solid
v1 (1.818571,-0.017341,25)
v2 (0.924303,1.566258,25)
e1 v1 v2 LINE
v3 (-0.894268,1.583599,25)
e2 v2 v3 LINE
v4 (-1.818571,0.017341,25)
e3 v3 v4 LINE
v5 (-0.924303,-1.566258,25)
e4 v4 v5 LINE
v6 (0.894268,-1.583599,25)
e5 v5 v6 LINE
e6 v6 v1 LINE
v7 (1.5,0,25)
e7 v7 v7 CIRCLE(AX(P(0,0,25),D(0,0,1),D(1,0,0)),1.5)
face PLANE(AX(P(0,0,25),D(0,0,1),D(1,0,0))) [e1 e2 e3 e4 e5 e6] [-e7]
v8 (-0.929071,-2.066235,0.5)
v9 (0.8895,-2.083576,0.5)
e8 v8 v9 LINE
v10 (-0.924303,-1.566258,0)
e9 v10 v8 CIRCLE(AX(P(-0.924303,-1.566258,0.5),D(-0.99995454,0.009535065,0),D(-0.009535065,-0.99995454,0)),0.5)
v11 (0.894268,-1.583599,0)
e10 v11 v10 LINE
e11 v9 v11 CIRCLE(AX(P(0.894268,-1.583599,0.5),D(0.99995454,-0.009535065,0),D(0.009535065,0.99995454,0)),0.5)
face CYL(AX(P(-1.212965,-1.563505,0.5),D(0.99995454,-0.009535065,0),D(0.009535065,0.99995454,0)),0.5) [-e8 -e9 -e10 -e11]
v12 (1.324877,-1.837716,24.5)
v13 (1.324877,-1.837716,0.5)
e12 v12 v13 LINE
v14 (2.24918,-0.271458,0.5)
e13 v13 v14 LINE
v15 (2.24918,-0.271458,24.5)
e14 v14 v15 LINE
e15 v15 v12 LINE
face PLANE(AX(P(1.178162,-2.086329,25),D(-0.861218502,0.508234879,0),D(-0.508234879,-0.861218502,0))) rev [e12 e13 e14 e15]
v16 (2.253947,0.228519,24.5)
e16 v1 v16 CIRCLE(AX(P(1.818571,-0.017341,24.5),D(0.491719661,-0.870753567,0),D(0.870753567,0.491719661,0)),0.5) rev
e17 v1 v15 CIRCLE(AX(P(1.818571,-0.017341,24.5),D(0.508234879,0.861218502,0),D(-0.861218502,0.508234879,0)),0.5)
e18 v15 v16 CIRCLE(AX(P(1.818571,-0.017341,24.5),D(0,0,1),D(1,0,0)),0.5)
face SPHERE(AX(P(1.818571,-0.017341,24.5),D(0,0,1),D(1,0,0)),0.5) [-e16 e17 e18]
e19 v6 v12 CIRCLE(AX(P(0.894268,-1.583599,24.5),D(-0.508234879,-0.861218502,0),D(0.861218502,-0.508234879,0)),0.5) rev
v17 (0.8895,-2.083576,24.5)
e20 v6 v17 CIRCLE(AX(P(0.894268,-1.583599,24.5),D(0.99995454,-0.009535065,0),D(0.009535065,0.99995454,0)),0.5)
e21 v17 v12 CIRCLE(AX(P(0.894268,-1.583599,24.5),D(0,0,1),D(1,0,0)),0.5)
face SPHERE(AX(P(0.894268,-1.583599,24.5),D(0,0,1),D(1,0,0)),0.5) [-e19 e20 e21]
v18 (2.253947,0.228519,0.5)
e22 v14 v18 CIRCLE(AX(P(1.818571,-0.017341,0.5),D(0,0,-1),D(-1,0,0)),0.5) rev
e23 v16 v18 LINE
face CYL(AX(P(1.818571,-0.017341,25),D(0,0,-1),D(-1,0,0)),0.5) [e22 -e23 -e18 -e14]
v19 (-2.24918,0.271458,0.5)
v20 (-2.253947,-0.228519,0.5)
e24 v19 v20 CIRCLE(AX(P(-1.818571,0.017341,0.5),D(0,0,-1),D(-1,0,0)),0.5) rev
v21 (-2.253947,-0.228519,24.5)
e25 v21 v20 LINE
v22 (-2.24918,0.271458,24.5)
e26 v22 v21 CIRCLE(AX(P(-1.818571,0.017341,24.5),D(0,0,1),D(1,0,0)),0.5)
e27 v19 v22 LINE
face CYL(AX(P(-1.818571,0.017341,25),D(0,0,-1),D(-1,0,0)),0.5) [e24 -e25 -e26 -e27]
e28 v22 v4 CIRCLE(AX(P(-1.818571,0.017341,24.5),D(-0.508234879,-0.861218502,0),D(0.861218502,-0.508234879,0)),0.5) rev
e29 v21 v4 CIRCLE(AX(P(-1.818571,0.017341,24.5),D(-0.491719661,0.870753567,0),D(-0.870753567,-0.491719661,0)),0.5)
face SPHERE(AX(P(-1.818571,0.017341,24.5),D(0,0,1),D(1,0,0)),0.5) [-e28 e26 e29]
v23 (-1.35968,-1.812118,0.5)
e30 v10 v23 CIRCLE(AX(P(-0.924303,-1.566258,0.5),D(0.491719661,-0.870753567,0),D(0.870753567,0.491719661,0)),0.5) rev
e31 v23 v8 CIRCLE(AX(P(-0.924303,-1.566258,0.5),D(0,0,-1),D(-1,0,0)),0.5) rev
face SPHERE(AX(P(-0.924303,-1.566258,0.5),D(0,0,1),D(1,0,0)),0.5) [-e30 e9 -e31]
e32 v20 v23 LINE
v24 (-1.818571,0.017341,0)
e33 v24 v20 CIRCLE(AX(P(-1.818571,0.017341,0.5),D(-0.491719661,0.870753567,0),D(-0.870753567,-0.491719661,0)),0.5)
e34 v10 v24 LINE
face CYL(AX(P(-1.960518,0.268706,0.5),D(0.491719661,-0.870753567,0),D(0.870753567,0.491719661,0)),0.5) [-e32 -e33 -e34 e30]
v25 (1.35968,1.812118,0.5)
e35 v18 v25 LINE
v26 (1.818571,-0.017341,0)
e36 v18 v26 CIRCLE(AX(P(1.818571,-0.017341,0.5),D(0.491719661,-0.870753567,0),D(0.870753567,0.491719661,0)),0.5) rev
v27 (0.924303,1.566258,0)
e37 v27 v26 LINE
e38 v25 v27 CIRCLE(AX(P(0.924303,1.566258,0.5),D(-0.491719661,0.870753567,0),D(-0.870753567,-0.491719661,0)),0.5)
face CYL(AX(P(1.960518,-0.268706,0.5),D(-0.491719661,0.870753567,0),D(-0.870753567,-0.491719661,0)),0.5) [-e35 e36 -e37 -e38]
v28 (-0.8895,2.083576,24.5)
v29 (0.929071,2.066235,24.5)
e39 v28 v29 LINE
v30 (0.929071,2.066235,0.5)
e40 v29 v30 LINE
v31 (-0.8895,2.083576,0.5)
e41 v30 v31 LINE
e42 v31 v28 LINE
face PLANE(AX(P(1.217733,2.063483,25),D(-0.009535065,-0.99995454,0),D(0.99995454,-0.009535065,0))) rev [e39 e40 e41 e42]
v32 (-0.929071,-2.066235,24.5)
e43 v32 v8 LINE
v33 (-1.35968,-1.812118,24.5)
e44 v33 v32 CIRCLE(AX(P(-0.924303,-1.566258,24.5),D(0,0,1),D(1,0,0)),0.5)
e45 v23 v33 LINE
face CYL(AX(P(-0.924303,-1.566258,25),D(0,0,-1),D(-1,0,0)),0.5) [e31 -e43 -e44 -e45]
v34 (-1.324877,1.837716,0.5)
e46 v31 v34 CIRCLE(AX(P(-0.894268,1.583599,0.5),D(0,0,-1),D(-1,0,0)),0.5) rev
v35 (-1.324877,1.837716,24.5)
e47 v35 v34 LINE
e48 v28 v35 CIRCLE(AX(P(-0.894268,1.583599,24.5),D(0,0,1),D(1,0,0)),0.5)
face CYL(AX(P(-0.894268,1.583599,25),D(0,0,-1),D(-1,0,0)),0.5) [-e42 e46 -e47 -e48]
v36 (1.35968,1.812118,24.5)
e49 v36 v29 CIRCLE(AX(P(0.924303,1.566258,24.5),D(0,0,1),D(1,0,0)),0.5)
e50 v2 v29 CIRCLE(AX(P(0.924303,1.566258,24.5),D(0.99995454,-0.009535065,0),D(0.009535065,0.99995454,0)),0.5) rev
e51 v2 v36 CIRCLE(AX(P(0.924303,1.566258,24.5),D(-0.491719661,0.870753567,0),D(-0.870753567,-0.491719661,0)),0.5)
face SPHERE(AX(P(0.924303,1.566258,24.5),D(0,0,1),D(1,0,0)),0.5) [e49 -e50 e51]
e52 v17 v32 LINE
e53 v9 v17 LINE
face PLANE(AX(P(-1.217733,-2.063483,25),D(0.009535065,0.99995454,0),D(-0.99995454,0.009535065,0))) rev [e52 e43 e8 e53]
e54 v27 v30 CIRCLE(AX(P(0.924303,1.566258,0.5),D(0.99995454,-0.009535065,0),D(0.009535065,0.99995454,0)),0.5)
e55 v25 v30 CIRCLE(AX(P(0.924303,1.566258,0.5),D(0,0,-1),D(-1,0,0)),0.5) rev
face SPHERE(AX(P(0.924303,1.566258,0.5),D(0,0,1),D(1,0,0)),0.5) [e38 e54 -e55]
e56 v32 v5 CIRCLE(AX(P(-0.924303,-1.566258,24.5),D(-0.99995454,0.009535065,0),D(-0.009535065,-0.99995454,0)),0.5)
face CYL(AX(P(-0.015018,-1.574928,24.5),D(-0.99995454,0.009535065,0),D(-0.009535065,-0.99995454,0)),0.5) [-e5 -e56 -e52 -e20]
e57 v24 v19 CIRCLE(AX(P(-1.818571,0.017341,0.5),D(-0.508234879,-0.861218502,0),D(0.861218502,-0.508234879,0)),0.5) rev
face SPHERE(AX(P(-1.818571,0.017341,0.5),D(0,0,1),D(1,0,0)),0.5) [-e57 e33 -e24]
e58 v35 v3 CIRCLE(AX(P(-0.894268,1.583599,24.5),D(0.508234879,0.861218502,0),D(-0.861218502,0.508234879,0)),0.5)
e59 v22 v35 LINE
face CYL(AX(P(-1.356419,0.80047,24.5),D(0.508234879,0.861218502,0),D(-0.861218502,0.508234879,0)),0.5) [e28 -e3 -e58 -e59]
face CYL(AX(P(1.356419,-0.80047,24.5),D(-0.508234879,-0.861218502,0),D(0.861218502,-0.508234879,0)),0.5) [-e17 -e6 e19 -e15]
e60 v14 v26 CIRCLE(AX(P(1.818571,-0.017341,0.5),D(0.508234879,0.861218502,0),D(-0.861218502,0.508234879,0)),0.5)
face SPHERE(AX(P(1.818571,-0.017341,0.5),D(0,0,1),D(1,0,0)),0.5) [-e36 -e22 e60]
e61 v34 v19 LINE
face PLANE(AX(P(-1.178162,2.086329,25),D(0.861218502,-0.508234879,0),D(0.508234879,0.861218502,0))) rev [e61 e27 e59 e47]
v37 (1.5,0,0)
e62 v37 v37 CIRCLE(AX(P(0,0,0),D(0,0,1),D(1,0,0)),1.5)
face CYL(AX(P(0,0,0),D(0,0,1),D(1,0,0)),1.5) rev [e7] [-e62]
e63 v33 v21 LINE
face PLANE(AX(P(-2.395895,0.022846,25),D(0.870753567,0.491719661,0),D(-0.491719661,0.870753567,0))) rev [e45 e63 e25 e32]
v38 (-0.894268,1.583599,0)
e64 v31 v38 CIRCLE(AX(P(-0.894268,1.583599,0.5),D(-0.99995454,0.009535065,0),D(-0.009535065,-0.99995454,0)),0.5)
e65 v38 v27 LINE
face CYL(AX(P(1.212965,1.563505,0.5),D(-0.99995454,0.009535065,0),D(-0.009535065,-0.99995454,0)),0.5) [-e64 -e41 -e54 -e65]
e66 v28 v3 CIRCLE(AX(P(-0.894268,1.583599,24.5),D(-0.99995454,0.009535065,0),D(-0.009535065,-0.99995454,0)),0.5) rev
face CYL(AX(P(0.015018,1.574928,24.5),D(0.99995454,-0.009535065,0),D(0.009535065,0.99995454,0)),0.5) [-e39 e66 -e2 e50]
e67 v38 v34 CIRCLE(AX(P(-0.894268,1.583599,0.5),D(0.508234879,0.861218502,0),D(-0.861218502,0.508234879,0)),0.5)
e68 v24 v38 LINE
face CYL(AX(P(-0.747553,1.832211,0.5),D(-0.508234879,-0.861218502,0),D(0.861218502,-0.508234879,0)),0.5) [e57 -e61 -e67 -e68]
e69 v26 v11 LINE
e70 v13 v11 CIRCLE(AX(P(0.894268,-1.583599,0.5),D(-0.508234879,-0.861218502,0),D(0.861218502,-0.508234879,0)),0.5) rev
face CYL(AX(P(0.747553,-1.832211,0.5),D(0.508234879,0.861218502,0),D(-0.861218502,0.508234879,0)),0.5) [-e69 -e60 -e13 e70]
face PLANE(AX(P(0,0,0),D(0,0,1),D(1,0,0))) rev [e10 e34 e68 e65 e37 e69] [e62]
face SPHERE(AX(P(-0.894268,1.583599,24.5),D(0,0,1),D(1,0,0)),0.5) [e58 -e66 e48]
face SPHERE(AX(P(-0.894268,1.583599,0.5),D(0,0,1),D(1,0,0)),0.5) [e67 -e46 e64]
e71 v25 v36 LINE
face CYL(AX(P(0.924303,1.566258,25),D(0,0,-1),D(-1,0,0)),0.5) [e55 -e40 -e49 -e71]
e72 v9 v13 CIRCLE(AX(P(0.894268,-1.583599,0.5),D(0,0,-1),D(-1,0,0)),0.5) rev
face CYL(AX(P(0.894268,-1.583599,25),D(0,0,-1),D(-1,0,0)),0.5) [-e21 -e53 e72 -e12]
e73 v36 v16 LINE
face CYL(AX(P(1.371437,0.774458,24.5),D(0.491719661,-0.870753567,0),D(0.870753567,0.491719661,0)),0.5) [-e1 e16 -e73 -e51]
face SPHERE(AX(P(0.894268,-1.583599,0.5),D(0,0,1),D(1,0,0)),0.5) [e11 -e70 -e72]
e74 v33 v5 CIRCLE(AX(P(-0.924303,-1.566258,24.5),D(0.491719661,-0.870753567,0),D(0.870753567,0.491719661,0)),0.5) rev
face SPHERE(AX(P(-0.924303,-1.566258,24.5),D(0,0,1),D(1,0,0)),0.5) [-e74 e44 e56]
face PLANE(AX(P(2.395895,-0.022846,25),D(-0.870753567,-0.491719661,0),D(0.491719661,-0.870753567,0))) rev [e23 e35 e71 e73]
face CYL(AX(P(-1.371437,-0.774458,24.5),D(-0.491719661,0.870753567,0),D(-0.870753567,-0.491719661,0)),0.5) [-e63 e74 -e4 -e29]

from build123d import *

# Parameters (mm, degrees)
SALIENTE_EXTRUIR1_DEPTH = 25
CROQUIS3_R              = 1.5
CORTAR_EXTRUIR1_DEPTH   = 25
REDONDEO1_R             = 0.5


with BuildPart() as part:
    # Croquis1 → Saliente-Extruir1 (new body)
    with BuildSketch(Plane.XY):
        Polygon((1.178162087, -2.086328696), (2.395894695, -0.022846051), (1.217732608, 2.063482646), (-1.178162087, 2.086328696), (-2.395894695, 0.022846051), (-1.217732608, -2.063482646), align=None)
    extrude(amount=SALIENTE_EXTRUIR1_DEPTH)

    # Croquis3 → Cortar-Extruir1 (cut)
    with BuildSketch(Plane.XY.offset(25)):
        Circle(CROQUIS3_R)
    extrude(amount=-CORTAR_EXTRUIR1_DEPTH, mode=Mode.SUBTRACT)

    # Redondeo1
    redondeo1_edges = [part.edges().sort_by_distance(p)[0] for p in [
        (1.806813652, 1.020318297, 25),
        (-1.217732608, -2.063482646, 12.5),
        (-2.395894695, 0.022846051, 12.5),
        (-1.178162087, 2.086328696, 12.5),
        (1.217732608, 2.063482646, 12.5),
        (2.395894695, -0.022846051, 12.5),
        (1.178162087, -2.086328696, 12.5),
        (0.01978526, 2.074905671, 25),
        (-1.787028391, 1.054587374, 25),
        (-1.806813652, -1.020318297, 25),
        (-0.01978526, -2.074905671, 25),
        (-1.806813652, -1.020318297, 0),
        (-1.787028391, 1.054587374, 0),
        (0.01978526, 2.074905671, 0),
        (1.787028391, -1.054587374, 25),
        (1.806813652, 1.020318297, 0),
        (1.787028391, -1.054587374, 0),
        (-0.01978526, -2.074905671, 0),
    ]]
    fillet(redondeo1_edges, radius=REDONDEO1_R)


solid = part.part
